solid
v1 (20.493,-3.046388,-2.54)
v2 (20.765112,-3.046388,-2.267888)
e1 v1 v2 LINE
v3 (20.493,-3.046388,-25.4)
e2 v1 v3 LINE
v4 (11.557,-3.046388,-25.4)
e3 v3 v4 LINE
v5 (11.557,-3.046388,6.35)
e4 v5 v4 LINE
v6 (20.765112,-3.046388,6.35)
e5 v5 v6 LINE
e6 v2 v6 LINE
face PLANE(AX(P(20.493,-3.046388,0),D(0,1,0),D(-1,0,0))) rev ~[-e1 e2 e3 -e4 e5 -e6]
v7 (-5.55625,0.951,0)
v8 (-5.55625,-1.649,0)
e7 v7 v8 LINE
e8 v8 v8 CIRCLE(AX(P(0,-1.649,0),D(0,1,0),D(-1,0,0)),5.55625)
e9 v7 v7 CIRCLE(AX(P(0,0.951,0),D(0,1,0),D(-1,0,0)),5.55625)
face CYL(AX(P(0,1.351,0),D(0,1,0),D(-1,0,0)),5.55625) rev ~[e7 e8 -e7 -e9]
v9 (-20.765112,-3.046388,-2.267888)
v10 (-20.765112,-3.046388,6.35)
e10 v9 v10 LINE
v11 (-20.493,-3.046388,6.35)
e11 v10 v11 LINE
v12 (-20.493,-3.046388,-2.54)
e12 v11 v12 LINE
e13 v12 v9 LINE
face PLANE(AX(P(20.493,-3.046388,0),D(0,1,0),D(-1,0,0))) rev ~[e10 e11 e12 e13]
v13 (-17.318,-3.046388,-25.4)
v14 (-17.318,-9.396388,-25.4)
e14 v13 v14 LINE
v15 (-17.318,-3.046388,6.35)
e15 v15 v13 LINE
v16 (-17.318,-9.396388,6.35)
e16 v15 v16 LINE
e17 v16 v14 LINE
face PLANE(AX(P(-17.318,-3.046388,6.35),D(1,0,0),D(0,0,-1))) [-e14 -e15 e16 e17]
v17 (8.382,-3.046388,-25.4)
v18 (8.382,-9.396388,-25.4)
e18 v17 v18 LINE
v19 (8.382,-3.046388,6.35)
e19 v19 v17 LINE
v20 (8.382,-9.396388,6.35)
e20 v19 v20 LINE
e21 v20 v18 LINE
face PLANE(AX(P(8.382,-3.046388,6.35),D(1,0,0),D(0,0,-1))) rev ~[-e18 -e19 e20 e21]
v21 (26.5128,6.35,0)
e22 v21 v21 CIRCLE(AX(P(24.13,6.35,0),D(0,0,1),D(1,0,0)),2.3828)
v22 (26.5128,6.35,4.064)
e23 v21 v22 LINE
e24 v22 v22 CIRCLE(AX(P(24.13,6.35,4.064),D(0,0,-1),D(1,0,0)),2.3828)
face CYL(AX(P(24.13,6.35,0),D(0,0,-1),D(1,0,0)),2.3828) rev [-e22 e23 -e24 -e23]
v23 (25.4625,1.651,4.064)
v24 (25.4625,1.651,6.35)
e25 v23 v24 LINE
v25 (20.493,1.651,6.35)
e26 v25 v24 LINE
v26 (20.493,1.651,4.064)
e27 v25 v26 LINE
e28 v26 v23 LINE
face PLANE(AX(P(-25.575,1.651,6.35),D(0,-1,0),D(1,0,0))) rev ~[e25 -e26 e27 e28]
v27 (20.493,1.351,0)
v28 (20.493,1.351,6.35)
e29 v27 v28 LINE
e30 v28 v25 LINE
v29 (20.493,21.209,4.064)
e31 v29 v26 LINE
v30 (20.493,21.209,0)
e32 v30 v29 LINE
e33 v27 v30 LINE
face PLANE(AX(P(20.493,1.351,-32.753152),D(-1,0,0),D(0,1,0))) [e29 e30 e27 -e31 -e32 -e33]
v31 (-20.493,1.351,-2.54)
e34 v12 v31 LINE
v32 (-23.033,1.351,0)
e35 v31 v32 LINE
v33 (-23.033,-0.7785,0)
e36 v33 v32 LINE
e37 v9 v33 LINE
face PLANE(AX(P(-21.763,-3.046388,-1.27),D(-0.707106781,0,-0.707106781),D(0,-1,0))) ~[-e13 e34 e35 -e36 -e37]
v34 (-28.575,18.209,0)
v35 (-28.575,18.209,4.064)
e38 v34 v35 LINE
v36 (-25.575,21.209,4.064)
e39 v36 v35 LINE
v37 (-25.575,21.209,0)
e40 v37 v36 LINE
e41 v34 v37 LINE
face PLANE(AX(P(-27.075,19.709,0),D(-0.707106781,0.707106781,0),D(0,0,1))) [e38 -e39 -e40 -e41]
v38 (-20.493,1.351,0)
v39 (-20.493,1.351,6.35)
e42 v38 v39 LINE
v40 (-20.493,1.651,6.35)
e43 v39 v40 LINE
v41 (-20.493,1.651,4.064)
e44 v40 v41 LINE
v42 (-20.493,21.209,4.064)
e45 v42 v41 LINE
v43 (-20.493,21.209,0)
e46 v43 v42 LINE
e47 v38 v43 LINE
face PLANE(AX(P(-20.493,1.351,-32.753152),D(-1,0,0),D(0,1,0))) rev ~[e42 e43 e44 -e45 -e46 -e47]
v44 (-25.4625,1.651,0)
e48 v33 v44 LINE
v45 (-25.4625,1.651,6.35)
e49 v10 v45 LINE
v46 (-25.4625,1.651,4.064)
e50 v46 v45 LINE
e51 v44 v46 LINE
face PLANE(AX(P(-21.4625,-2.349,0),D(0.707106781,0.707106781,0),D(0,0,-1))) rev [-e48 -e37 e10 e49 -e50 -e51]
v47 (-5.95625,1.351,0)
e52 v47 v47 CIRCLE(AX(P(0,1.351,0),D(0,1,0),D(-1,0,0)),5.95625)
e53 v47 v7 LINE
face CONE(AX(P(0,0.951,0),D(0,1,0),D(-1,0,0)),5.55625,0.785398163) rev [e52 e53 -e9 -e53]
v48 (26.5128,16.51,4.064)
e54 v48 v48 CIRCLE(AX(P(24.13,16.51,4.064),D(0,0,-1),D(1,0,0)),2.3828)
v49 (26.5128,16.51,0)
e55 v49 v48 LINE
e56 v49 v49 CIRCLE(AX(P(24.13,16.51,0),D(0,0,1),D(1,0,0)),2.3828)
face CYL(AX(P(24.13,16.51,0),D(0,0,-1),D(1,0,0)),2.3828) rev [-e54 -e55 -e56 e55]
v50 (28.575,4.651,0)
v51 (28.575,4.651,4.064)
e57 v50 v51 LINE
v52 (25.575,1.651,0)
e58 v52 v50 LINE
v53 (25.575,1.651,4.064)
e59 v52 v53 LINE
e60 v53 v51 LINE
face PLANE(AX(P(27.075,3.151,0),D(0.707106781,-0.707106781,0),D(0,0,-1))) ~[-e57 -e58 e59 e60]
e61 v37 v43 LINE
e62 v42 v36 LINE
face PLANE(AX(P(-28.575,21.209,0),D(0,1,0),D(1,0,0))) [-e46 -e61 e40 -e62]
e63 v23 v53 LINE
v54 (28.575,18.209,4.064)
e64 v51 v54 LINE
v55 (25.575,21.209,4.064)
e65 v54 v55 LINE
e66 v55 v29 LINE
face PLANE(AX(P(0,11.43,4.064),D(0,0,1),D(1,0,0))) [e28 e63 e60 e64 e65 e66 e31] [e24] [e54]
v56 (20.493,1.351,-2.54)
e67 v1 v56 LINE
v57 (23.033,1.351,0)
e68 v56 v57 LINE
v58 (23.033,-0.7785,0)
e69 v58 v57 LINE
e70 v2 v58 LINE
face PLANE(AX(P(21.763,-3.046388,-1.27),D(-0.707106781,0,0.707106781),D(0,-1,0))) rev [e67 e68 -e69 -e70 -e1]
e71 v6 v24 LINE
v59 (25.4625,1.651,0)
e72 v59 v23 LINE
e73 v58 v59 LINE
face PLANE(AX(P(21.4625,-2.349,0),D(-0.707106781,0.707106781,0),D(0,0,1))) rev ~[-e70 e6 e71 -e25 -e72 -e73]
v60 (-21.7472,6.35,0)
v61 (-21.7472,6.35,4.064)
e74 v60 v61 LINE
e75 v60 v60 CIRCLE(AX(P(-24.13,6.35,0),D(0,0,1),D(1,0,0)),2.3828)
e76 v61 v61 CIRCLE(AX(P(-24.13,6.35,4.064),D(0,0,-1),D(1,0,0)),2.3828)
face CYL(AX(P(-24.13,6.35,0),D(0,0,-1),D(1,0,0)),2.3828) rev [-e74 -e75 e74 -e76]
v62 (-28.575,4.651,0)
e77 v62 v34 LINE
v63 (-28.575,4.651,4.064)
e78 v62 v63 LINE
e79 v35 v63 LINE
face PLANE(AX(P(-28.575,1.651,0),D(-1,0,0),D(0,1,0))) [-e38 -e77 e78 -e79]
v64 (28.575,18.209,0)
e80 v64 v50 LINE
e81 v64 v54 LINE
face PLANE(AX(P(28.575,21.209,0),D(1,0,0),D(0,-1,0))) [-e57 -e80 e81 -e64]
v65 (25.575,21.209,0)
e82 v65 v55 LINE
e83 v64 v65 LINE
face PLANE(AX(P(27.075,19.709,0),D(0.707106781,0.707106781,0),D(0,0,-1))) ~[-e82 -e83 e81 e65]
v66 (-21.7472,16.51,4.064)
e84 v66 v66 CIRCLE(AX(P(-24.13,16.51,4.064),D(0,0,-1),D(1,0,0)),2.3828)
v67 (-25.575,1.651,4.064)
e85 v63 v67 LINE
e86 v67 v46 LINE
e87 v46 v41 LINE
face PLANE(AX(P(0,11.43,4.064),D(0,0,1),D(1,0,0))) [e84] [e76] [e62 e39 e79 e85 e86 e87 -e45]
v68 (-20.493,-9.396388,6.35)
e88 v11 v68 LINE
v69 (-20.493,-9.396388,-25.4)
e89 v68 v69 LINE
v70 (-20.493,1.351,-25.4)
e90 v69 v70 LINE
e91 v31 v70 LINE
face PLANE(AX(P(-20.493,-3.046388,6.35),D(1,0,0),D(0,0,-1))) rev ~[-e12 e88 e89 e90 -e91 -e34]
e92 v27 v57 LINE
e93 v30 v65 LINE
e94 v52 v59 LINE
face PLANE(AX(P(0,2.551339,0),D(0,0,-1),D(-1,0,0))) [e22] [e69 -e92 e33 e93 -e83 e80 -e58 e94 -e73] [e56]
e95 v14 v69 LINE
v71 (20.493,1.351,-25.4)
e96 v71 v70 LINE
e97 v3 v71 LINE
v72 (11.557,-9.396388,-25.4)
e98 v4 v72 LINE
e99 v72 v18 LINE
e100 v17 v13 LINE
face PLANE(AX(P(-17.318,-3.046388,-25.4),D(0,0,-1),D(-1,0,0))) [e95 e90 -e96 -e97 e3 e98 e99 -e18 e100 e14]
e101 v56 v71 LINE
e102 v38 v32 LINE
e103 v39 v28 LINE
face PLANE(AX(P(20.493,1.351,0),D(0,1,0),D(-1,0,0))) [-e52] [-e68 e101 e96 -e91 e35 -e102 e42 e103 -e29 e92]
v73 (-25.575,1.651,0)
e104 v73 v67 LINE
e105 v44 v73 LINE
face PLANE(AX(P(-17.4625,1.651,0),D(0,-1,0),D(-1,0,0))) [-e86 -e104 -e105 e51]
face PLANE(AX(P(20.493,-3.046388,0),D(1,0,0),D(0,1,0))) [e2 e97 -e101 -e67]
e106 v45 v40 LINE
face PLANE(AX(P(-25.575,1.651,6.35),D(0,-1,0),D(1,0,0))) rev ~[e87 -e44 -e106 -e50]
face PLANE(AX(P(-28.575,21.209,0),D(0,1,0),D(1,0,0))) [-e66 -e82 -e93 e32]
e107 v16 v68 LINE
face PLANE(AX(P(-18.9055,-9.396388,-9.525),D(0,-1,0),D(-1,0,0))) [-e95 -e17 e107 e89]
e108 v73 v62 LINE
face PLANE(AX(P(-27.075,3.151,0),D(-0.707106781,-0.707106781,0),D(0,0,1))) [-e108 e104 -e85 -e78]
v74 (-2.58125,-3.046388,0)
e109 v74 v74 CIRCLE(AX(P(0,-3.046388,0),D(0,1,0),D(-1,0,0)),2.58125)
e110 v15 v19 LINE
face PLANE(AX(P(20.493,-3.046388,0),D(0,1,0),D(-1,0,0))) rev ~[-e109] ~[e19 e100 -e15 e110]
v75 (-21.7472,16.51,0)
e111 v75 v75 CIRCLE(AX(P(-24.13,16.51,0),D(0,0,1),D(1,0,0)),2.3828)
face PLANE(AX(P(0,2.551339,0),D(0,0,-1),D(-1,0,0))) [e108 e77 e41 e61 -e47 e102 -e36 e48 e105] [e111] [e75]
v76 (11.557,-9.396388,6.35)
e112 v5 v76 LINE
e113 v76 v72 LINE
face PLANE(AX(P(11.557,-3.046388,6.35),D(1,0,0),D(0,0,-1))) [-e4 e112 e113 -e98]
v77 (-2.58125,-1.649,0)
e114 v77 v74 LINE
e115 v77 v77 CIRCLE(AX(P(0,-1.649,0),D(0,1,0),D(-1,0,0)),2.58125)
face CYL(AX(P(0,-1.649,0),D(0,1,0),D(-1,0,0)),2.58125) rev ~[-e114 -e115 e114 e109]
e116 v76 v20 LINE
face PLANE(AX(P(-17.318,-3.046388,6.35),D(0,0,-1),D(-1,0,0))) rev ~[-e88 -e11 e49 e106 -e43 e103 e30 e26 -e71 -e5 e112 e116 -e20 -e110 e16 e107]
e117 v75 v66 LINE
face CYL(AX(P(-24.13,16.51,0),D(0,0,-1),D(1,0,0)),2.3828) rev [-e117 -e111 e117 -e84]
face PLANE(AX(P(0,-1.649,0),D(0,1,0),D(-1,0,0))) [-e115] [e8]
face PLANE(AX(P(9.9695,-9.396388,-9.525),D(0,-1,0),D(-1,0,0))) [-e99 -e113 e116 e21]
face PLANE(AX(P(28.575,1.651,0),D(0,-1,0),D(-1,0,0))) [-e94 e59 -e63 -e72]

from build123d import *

# Parameters (mm, degrees)
SKETCH1_R               = 3.475
SKETCH1_R_2             = 2.3828
BOSS_EXTRUDE1_DEPTH     = 6.35
CHAMFER1_SIZE           = 3
CHAMFER2_SIZE           = 8
CUT_EXTRUDE1_DEPTH      = 2.286
CUT_EXTRUDE2_DEPTH      = 36.817152344
CUT_EXTRUDE2_DEPTH_BACK = 36.817152344
SKETCH4_W               = 40.986
SKETCH4_H               = 20.158
SKETCH6_W               = 57.000074061
SKETCH6_H               = 19.05
CUT_EXTRUDE3_DEPTH      = 37.147957148
SKETCH9_W               = 40.986
SKETCH9_H               = 4.397387502
BOSS_EXTRUDE2_DEPTH     = 25.4
CHAMFER3_SIZE           = 2.54
SKETCH10_W              = 3.175
SKETCH10_H              = 31.75
BOSS_EXTRUDE3_DEPTH     = 6.35
SKETCH11_R              = 5.55625
CUT_EXTRUDE4_DEPTH      = 3
SKETCH14_R              = 2.58125
CUT_EXTRUDE10_DEPTH     = 6.35
CHAMFER4_SIZE           = 0.4


with BuildPart() as part:
    # Sketch1 → Boss-Extrude1 (new body)
    with BuildSketch(Plane.XY):
        Polygon((17.4625, -21.209), (-17.4625, -21.209), (-17.4625, 1.651), (-28.575, 1.651), (-28.575, 21.209), (28.575, 21.209), (28.575, 1.651), (17.4625, 1.651), align=None)
        with Locations((-9.525, -10.541)):
            Circle(SKETCH1_R, mode=Mode.SUBTRACT)
        with Locations((9.525, -10.541)):
            Circle(SKETCH1_R, mode=Mode.SUBTRACT)
        with Locations((-24.13, 6.35)):
            Circle(SKETCH1_R_2, mode=Mode.SUBTRACT)
        with Locations((-24.13, 16.51)):
            Circle(SKETCH1_R_2, mode=Mode.SUBTRACT)
        with Locations((24.13, 16.51)):
            Circle(SKETCH1_R_2, mode=Mode.SUBTRACT)
        with Locations((24.13, 6.35)):
            Circle(SKETCH1_R_2, mode=Mode.SUBTRACT)
    extrude(amount=BOSS_EXTRUDE1_DEPTH)

    # Chamfer1
    chamfer1_edges = [part.edges().sort_by_distance(p)[0] for p in [
        (-28.575, 1.651, 3.175),
        (-28.575, 21.209, 3.175),
        (28.575, 21.209, 3.175),
        (28.575, 1.651, 3.175),
        (17.4625, -21.209, 3.175),
        (-17.4625, -21.209, 3.175),
    ]]
    chamfer(chamfer1_edges, length=CHAMFER1_SIZE)

    # Chamfer2
    chamfer2_edges = [part.edges().sort_by_distance(p)[0] for p in [
        (17.4625, 1.651, 3.175),
        (-17.4625, 1.651, 3.175),
    ]]
    chamfer(chamfer2_edges, length=CHAMFER2_SIZE)

    # Sketch3 → Cut-Extrude1 (cut)
    with BuildSketch(Plane.XY.offset(6.35)):
        Polygon((-25.4625, 1.651), (25.4625, 1.651), (25.575, 1.651), (28.575, 4.651), (28.575, 18.209), (25.575, 21.209), (-25.575, 21.209), (-28.575, 18.209), (-28.575, 4.651), (-25.575, 1.651), align=None)
    extrude(amount=-CUT_EXTRUDE1_DEPTH, mode=Mode.SUBTRACT)

    # Sketch4 → Cut-Extrude2 (cut, two sides: drawn at the far end of the back side and taken through both)
    with BuildSketch(Plane.XY.offset(4.064).offset(-CUT_EXTRUDE2_DEPTH_BACK)):
        with Locations((0, 11.43)):
            Rectangle(SKETCH4_W, SKETCH4_H)
    extrude(amount=CUT_EXTRUDE2_DEPTH + CUT_EXTRUDE2_DEPTH_BACK, mode=Mode.SUBTRACT)

    # Sketch6 → Cut-Extrude3 (cut, through all)
    with BuildSketch(Plane.XY.offset(6.35)):
        with Locations((-1.923625946, -12.571387502)):
            Rectangle(SKETCH6_W, SKETCH6_H)
    extrude(amount=-CUT_EXTRUDE3_DEPTH, mode=Mode.SUBTRACT)

    # Sketch9 → Boss-Extrude2 (add)
    with BuildSketch(Plane(origin=(0, 0, 0), x_dir=(-1, 0, 0), z_dir=(0, 0, -1))):
        with Locations((0, -0.847693751)):
            Rectangle(SKETCH9_W, SKETCH9_H)
    extrude(amount=BOSS_EXTRUDE2_DEPTH)

    # Chamfer3
    chamfer3_edges = [part.edges().sort_by_distance(p)[0] for p in [
        (-20.493, -0.847693751, 0),
        (20.493, -0.847693751, 0),
    ]]
    chamfer(chamfer3_edges, length=CHAMFER3_SIZE)

    # Sketch10 → Boss-Extrude3 (add)
    with BuildSketch(Plane(origin=(0, -3.046387502, 0), x_dir=(-1, 0, 0), z_dir=(0, -1, 0))):
        with Locations((18.9055, 9.525)):
            Rectangle(SKETCH10_W, SKETCH10_H)
        with Locations((-9.9695, 9.525)):
            Rectangle(SKETCH10_W, SKETCH10_H)
    extrude(amount=BOSS_EXTRUDE3_DEPTH)

    # Sketch11 → Cut-Extrude4 (cut)
    with BuildSketch(Plane(origin=(0, 1.351, 0), x_dir=(1, 0, 0), z_dir=(0, 1, 0))):
        with Locations(Location((0, 0, 0), (0, 0, 180))):
            Circle(SKETCH11_R)
    extrude(amount=-CUT_EXTRUDE4_DEPTH, mode=Mode.SUBTRACT)

    # Sketch14 → Cut-Extrude10 (cut)
    with BuildSketch(Plane(origin=(0, -1.649, 0), x_dir=(1, 0, 0), z_dir=(0, 1, 0))):
        with Locations(Location((0, 0, 0), (0, 0, 180))):
            Circle(SKETCH14_R)
    extrude(amount=-CUT_EXTRUDE10_DEPTH, mode=Mode.SUBTRACT)

    # Chamfer4
    chamfer4_edges = [part.edges().sort_by_distance(p)[0] for p in [
        (5.55625, 1.351, 0),
    ]]
    chamfer(chamfer4_edges, length=CHAMFER4_SIZE)


solid = part.part
